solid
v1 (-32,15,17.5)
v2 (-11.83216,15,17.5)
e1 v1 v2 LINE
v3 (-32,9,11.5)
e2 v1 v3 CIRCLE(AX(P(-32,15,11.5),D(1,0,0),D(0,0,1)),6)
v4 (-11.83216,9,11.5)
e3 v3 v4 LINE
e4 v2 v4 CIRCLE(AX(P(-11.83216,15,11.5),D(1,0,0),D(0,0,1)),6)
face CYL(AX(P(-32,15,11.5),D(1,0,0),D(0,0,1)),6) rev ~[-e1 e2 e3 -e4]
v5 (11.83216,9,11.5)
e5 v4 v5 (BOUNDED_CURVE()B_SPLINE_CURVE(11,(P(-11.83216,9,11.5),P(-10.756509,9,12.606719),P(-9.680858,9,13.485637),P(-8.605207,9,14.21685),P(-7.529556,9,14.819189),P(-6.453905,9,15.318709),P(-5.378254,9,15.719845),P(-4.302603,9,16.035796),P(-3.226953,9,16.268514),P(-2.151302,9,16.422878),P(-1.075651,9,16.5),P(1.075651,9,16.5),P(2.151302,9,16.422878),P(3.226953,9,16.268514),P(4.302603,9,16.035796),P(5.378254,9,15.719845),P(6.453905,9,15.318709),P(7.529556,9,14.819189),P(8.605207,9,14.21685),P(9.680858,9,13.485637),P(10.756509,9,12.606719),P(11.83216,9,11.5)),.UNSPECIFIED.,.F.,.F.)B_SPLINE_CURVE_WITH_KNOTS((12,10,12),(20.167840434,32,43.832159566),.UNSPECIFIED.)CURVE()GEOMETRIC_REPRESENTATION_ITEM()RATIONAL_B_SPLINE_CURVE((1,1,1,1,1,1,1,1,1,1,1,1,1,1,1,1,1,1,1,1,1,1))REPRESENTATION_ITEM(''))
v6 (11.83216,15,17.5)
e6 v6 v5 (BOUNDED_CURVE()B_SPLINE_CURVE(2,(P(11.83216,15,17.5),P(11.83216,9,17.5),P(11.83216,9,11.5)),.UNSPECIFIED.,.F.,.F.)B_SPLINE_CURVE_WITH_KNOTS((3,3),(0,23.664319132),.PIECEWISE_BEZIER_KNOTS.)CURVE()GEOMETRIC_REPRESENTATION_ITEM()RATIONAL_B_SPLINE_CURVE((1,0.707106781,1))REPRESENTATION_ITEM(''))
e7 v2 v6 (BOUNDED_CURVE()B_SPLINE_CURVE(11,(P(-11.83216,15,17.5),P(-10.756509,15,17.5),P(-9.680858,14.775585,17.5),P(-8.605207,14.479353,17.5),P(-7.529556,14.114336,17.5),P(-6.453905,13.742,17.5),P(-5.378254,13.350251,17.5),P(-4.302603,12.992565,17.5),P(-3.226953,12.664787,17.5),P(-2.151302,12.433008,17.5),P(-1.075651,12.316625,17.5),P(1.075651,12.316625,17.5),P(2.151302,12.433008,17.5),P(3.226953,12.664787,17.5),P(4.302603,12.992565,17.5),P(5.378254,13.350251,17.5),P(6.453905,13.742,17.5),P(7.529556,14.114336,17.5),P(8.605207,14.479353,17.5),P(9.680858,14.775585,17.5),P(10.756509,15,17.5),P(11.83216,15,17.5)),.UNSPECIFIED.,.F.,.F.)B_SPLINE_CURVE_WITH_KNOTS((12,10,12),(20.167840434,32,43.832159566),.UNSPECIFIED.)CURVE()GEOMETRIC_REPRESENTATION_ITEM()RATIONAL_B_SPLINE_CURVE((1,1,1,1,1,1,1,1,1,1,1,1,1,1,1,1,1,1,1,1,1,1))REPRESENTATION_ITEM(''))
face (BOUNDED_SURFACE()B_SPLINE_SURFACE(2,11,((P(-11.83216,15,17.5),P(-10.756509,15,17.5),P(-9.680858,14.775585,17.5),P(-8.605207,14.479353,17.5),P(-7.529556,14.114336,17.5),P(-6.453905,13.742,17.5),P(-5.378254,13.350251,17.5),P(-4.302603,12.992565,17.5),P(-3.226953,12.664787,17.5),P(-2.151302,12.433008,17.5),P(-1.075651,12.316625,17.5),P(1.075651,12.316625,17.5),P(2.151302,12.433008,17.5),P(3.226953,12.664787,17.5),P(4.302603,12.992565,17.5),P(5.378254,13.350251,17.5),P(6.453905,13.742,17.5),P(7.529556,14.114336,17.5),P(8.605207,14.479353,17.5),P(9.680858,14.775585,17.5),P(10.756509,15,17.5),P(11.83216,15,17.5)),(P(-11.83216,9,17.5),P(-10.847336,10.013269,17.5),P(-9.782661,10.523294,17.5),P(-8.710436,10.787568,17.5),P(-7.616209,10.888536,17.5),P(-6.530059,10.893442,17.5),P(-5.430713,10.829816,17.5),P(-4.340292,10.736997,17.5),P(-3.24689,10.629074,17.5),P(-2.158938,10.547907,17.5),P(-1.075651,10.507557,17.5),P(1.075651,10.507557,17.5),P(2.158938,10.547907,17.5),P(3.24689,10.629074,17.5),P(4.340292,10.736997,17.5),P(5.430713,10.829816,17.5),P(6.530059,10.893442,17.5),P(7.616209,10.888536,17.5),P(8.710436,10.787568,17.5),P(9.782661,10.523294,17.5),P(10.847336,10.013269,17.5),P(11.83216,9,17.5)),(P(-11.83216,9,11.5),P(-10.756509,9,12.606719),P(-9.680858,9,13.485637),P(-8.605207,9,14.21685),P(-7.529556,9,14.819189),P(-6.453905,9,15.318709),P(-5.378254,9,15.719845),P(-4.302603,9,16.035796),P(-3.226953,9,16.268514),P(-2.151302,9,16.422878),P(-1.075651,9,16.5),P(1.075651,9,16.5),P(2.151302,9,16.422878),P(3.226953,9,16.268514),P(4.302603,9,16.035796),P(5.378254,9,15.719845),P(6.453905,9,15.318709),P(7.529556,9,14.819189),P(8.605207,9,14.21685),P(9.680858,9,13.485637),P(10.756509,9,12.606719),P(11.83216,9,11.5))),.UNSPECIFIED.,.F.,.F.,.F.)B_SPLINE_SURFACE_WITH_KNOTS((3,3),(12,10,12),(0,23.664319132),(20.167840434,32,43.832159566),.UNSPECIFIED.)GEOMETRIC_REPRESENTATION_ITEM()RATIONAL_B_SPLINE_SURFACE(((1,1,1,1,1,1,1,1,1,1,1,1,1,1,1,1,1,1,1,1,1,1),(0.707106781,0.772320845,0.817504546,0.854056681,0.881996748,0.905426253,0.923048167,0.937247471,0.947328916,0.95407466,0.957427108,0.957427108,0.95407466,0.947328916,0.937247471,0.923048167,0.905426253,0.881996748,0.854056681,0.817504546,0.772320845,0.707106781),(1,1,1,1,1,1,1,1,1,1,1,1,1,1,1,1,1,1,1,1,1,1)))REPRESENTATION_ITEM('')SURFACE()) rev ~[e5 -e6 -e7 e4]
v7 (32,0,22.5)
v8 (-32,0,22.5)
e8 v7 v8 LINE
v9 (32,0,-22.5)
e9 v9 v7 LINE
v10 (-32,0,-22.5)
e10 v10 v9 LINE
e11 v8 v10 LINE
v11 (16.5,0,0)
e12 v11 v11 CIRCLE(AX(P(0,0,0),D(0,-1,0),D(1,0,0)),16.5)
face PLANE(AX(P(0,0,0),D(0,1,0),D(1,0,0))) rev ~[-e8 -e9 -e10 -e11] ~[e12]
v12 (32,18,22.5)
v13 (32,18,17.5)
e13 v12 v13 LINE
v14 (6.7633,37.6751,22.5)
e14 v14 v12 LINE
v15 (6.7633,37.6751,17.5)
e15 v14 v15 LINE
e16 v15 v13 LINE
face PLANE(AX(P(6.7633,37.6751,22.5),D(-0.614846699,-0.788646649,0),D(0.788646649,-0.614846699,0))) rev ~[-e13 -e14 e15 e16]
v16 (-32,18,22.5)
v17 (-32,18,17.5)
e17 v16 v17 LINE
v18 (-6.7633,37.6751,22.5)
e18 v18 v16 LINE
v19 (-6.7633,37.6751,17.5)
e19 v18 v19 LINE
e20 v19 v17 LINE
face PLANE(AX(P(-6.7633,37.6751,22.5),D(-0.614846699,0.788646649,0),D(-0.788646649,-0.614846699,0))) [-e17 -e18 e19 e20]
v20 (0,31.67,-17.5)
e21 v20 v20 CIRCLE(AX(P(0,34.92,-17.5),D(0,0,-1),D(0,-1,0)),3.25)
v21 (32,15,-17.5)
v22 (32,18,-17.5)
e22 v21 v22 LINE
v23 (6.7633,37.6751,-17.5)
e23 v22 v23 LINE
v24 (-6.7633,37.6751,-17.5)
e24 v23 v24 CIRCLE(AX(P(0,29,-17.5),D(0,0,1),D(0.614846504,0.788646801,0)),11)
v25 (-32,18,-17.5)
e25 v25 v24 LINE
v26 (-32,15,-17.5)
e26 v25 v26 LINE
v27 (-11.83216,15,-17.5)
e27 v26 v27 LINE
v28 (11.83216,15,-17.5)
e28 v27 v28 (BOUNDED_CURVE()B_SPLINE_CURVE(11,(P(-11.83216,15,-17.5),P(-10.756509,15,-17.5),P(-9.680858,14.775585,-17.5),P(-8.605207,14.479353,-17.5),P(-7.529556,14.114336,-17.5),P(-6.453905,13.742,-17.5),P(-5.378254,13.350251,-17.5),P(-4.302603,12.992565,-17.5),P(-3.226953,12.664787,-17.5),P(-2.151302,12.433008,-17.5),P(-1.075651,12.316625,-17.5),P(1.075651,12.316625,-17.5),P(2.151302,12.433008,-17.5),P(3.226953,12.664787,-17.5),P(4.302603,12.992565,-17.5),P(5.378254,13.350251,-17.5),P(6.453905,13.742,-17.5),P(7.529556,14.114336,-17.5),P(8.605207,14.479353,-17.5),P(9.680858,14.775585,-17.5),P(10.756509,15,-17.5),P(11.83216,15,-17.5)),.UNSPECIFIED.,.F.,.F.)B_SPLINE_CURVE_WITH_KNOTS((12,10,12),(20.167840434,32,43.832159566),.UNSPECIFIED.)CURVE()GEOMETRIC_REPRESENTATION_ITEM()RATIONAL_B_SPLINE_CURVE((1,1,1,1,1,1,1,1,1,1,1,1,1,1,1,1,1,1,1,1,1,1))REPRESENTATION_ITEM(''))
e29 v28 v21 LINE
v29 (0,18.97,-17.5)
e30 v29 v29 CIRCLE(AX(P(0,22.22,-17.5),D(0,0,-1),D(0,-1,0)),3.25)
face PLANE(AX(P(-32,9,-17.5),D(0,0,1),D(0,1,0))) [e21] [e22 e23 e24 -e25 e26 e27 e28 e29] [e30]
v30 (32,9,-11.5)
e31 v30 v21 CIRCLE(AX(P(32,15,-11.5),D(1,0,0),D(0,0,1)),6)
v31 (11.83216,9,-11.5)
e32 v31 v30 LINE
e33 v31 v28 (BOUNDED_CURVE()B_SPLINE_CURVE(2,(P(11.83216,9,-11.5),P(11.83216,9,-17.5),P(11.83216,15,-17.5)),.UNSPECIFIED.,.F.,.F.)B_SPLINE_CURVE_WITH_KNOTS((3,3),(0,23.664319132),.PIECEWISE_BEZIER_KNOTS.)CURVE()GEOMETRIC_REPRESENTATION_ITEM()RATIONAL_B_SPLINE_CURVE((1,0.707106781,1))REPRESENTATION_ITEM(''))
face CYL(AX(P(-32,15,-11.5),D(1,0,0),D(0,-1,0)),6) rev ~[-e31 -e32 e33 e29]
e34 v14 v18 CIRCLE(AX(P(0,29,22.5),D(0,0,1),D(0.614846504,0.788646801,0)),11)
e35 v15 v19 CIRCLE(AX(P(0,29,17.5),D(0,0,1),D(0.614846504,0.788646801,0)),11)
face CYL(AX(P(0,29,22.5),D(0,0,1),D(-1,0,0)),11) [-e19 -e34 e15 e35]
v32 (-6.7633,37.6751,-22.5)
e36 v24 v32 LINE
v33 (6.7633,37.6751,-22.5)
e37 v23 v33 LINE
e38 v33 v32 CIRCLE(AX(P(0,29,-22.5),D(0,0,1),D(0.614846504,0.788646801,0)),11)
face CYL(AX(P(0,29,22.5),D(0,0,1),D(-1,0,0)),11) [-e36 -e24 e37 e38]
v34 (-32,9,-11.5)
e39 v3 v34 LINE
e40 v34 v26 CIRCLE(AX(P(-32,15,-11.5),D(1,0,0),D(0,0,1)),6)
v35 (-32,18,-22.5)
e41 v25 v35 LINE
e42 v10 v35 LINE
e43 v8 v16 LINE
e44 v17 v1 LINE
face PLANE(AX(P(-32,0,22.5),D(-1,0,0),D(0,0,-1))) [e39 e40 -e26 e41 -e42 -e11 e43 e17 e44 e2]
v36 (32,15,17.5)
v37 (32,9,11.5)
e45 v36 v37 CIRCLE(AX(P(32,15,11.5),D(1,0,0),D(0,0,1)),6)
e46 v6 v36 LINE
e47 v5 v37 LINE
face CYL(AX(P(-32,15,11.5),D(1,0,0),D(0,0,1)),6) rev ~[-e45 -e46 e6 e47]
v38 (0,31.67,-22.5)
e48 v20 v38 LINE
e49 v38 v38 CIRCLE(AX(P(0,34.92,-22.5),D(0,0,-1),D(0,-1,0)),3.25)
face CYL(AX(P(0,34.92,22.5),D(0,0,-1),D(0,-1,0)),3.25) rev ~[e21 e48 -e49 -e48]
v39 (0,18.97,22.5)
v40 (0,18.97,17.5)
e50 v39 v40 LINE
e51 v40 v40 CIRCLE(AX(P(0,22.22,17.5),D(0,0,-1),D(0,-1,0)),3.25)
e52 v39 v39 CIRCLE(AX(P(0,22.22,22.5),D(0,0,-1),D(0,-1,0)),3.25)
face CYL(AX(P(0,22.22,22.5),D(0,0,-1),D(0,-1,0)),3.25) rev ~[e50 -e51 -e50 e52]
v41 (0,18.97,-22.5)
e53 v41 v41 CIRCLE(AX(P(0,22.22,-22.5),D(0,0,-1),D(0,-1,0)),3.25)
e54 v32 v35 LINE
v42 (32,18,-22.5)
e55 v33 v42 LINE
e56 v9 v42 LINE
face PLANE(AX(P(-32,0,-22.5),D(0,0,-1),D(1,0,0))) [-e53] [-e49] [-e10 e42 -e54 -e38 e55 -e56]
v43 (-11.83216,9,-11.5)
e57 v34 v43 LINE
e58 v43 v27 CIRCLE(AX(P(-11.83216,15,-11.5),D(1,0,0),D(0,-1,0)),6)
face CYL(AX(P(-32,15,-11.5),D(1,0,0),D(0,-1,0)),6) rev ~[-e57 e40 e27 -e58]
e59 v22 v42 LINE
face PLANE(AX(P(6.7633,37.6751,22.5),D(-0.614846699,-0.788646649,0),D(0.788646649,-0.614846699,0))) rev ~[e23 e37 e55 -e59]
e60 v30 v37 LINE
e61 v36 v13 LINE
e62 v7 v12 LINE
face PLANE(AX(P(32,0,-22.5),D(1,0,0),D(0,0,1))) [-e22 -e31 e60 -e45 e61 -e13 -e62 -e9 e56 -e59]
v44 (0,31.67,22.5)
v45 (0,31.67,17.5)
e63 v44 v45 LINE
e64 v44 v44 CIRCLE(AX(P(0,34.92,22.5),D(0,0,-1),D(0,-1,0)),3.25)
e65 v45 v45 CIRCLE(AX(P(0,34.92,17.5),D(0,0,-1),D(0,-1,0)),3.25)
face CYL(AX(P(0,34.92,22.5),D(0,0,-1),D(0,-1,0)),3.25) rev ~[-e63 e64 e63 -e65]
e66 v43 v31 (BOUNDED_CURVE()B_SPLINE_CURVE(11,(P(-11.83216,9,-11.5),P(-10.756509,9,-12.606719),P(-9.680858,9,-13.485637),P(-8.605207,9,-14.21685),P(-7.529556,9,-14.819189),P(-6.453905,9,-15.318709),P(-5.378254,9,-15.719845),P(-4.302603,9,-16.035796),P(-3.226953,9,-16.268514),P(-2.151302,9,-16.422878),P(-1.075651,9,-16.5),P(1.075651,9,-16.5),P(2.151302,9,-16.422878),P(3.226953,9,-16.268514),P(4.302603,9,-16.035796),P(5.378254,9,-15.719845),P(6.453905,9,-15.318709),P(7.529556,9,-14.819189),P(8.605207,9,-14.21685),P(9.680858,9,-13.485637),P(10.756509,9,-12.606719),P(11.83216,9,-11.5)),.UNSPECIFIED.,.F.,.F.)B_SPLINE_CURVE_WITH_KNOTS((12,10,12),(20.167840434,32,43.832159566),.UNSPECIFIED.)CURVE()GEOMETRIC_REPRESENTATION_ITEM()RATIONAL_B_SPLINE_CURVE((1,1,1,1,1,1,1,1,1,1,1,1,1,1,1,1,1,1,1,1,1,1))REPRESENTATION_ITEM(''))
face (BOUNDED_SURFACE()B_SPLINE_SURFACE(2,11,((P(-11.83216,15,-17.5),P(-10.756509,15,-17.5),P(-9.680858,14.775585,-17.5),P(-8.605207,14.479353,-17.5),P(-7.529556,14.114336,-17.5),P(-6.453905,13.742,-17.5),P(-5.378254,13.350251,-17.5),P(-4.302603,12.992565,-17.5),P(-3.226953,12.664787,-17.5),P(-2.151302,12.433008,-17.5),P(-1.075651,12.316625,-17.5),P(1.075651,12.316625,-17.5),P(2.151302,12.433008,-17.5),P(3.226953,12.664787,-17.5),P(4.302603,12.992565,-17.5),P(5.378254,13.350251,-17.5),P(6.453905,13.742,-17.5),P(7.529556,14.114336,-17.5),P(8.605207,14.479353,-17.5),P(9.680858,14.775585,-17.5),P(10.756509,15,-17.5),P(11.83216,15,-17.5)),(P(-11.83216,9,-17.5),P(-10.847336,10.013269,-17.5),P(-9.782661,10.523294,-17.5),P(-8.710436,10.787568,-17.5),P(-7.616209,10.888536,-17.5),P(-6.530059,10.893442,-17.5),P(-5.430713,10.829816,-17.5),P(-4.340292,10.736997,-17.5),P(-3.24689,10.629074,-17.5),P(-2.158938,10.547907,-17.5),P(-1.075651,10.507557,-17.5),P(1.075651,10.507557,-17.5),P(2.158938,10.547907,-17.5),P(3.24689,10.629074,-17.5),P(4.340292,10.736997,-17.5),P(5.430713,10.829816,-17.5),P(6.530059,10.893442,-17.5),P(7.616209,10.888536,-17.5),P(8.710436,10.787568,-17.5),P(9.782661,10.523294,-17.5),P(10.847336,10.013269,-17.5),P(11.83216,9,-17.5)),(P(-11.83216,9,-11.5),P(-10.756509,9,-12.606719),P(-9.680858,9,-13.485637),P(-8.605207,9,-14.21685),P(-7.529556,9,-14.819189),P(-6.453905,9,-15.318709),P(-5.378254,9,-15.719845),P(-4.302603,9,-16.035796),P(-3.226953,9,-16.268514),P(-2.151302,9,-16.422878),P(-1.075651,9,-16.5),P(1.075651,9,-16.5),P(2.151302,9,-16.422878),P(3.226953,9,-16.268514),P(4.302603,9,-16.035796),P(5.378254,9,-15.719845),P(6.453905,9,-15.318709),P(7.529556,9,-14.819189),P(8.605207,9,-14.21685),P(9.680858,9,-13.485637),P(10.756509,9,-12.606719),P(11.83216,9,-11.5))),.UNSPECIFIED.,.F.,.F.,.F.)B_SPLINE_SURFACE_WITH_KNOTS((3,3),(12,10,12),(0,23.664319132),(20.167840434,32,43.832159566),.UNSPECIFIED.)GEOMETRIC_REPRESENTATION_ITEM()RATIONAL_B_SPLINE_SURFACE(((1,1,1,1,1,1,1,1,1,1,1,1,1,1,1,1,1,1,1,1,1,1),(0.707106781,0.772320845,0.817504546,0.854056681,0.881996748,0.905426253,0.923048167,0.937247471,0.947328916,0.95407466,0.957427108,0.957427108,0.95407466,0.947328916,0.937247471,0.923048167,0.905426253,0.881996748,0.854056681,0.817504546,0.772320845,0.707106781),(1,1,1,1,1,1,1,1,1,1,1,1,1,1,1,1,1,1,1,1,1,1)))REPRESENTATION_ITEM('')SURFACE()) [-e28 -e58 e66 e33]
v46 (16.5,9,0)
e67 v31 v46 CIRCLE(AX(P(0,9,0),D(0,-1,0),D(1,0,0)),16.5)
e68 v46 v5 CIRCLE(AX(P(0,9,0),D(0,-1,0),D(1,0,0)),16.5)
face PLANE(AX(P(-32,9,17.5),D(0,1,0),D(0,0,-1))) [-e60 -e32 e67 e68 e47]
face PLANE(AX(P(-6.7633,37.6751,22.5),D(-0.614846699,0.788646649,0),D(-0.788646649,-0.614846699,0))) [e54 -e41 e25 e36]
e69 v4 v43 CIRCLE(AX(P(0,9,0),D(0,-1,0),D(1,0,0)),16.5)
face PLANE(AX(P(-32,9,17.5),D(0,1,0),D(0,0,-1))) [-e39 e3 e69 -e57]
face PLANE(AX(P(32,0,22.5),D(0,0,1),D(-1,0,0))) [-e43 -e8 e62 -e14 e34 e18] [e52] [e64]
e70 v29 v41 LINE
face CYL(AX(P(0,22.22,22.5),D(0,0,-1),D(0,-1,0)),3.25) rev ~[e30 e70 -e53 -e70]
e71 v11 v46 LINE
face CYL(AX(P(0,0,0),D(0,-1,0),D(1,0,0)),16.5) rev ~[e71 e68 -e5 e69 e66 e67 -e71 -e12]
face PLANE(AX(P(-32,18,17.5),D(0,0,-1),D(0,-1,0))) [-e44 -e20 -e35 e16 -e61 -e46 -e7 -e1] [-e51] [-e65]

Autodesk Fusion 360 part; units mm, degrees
sketch "Sketch1" plane through (0, 0, 0) normal (0, 1, 0) x (1, 0, 0)
  line L0 (32, -22.5) -> (-32, -22.5)
  line L1 (-32, -22.5) -> (-32, 22.5)
  line L2 (-32, 22.5) -> (32, 22.5)
  line L3 (32, 22.5) -> (32, -22.5)
  line L4 (32, -22.5) -> (-32, 22.5) construction
  line L5 (-32, -22.5) -> (32, 22.5) construction
  dimension "d1" = 64
  dimension "d6" = 45
extrude "Extrude1" add sketch "Sketch1" along normal blind 40
sketch "Sketch2" plane through (0, 0, 22.5) normal (0, 0, 1) x (-1, 0, 0)
  line L0 (32, 0) -> (-32, 0)
  line L1 (-32, 0) -> (-32, -40)
  line L2 (-32, -40) -> (32, -40)
  line L3 (32, -40) -> (32, 0)
  circle A0 centre (0, -29) radius 11
  line L4 (32, -16) -> (18.8835, -16)
  line L5 (18.8835, -16) -> (-32, -16)
  line L6 (6.7633, -37.6751) -> (32, -18)
  line L7 (-6.7633, -37.6751) -> (-32, -18)
  line L8 (0, 0) -> (0, -40) construction
  line L9 (32, -18) -> (-32, -18)
  dimension "d4" = 22
  dimension "d5" = 24
  dimension "d7" = 22
extrude "Extrude2" cut sketch "Sketch2" against normal blind 45 contours L2 L3 A0 L6 | L1 L2 A0 L7
sketch "Sketch3" plane through (-32, 0, 0) normal (-1, 0, 0) x (0, -1, 0)
  line L0 (-18, 22.5) -> (-18, -22.5)
  line L1 (-18, -22.5) -> (0, -22.5)
  line L2 (0, -22.5) -> (0, 22.5)
  line L3 (0, 22.5) -> (-18, 22.5)
  line L4 (0, 0) -> (-40.0524, 0)
  line L5 (-40, 22.5) -> (-40, -22.5)
  line L6 (-40, -22.5) -> (-37.6751, -22.5)
  line L7 (-37.6751, 22.5) -> (-40, 22.5)
  line L8 (-40, 17.5) -> (-9, 17.5)
  line L9 (-9, 17.5) -> (-9, -17.5)
  line L10 (-9, -17.5) -> (-40, -17.5)
  line L11 (-40, -17.5) -> (-40, 17.5)
  line L12 (-40, 17.5) -> (-9, -17.5) construction
  line L13 (-9, 17.5) -> (-40, -17.5) construction
  point P0 (-24.5, 0)
  dimension "d10" = 35
  dimension "d11" = 31
extrude "Extrude3" cut sketch "Sketch3" against normal blind 64 contours L0 L4 L8 L9 | L0 L4 L5 L8 L11 | L0 L4 L9 L10 | L0 L4 L5 L10 L11
sketch "Sketch4" plane through (0, 0, 22.5) normal (0, 0, 1) x (-1, 0, 0)
  line L0 (6.7633, -37.6751) -> (32, -18)
  line L1 (32, -18) -> (32, 0)
  line L2 (32, 0) -> (-32, 0)
  line L3 (-32, 0) -> (-32, -18)
  line L4 (-32, -18) -> (-6.7633, -37.6751)
  arc A0 (-6.7633, -37.6751) -> (6.7633, -37.6751) centre (0, -29) ccw
  circle A1 centre (0, -29) radius 11
  circle A2 centre (0, -29) radius 3.175
  line L5 (0, -40) -> (0, 0)
  point P0 (0, -34.92)
  point P1 (0, -22.22)
  dimension "d14" = 22
  dimension "d15" = 6.35
  dimension "d18" = 12.7
  dimension "d19" = 5.08
hole "Hole1" at (0, 22.22, 22.5) at (0, 34.92, 22.5) direction (0, 0, -1) diameter 6.5 depth 49 tip angle 180
sketch "Sketch5" plane through (0, 0, 0) normal (0, -1, 0) x (1, 0, 0)
  line L0 (-32, -22.5) -> (32, -22.5)
  line L1 (32, -22.5) -> (32, 22.5)
  line L2 (32, 22.5) -> (-32, 22.5)
  line L3 (-32, 22.5) -> (-32, -22.5)
  circle A0 centre (0, 0) radius 16.5
  dimension "d23" = 33
extrude "Extrude5" cut sketch "Sketch5" against normal blind 9 contours A0
fillet "Fillet1" radius 6 2 edges at (0, 9, -17.5) (0, 9, 17.5)
